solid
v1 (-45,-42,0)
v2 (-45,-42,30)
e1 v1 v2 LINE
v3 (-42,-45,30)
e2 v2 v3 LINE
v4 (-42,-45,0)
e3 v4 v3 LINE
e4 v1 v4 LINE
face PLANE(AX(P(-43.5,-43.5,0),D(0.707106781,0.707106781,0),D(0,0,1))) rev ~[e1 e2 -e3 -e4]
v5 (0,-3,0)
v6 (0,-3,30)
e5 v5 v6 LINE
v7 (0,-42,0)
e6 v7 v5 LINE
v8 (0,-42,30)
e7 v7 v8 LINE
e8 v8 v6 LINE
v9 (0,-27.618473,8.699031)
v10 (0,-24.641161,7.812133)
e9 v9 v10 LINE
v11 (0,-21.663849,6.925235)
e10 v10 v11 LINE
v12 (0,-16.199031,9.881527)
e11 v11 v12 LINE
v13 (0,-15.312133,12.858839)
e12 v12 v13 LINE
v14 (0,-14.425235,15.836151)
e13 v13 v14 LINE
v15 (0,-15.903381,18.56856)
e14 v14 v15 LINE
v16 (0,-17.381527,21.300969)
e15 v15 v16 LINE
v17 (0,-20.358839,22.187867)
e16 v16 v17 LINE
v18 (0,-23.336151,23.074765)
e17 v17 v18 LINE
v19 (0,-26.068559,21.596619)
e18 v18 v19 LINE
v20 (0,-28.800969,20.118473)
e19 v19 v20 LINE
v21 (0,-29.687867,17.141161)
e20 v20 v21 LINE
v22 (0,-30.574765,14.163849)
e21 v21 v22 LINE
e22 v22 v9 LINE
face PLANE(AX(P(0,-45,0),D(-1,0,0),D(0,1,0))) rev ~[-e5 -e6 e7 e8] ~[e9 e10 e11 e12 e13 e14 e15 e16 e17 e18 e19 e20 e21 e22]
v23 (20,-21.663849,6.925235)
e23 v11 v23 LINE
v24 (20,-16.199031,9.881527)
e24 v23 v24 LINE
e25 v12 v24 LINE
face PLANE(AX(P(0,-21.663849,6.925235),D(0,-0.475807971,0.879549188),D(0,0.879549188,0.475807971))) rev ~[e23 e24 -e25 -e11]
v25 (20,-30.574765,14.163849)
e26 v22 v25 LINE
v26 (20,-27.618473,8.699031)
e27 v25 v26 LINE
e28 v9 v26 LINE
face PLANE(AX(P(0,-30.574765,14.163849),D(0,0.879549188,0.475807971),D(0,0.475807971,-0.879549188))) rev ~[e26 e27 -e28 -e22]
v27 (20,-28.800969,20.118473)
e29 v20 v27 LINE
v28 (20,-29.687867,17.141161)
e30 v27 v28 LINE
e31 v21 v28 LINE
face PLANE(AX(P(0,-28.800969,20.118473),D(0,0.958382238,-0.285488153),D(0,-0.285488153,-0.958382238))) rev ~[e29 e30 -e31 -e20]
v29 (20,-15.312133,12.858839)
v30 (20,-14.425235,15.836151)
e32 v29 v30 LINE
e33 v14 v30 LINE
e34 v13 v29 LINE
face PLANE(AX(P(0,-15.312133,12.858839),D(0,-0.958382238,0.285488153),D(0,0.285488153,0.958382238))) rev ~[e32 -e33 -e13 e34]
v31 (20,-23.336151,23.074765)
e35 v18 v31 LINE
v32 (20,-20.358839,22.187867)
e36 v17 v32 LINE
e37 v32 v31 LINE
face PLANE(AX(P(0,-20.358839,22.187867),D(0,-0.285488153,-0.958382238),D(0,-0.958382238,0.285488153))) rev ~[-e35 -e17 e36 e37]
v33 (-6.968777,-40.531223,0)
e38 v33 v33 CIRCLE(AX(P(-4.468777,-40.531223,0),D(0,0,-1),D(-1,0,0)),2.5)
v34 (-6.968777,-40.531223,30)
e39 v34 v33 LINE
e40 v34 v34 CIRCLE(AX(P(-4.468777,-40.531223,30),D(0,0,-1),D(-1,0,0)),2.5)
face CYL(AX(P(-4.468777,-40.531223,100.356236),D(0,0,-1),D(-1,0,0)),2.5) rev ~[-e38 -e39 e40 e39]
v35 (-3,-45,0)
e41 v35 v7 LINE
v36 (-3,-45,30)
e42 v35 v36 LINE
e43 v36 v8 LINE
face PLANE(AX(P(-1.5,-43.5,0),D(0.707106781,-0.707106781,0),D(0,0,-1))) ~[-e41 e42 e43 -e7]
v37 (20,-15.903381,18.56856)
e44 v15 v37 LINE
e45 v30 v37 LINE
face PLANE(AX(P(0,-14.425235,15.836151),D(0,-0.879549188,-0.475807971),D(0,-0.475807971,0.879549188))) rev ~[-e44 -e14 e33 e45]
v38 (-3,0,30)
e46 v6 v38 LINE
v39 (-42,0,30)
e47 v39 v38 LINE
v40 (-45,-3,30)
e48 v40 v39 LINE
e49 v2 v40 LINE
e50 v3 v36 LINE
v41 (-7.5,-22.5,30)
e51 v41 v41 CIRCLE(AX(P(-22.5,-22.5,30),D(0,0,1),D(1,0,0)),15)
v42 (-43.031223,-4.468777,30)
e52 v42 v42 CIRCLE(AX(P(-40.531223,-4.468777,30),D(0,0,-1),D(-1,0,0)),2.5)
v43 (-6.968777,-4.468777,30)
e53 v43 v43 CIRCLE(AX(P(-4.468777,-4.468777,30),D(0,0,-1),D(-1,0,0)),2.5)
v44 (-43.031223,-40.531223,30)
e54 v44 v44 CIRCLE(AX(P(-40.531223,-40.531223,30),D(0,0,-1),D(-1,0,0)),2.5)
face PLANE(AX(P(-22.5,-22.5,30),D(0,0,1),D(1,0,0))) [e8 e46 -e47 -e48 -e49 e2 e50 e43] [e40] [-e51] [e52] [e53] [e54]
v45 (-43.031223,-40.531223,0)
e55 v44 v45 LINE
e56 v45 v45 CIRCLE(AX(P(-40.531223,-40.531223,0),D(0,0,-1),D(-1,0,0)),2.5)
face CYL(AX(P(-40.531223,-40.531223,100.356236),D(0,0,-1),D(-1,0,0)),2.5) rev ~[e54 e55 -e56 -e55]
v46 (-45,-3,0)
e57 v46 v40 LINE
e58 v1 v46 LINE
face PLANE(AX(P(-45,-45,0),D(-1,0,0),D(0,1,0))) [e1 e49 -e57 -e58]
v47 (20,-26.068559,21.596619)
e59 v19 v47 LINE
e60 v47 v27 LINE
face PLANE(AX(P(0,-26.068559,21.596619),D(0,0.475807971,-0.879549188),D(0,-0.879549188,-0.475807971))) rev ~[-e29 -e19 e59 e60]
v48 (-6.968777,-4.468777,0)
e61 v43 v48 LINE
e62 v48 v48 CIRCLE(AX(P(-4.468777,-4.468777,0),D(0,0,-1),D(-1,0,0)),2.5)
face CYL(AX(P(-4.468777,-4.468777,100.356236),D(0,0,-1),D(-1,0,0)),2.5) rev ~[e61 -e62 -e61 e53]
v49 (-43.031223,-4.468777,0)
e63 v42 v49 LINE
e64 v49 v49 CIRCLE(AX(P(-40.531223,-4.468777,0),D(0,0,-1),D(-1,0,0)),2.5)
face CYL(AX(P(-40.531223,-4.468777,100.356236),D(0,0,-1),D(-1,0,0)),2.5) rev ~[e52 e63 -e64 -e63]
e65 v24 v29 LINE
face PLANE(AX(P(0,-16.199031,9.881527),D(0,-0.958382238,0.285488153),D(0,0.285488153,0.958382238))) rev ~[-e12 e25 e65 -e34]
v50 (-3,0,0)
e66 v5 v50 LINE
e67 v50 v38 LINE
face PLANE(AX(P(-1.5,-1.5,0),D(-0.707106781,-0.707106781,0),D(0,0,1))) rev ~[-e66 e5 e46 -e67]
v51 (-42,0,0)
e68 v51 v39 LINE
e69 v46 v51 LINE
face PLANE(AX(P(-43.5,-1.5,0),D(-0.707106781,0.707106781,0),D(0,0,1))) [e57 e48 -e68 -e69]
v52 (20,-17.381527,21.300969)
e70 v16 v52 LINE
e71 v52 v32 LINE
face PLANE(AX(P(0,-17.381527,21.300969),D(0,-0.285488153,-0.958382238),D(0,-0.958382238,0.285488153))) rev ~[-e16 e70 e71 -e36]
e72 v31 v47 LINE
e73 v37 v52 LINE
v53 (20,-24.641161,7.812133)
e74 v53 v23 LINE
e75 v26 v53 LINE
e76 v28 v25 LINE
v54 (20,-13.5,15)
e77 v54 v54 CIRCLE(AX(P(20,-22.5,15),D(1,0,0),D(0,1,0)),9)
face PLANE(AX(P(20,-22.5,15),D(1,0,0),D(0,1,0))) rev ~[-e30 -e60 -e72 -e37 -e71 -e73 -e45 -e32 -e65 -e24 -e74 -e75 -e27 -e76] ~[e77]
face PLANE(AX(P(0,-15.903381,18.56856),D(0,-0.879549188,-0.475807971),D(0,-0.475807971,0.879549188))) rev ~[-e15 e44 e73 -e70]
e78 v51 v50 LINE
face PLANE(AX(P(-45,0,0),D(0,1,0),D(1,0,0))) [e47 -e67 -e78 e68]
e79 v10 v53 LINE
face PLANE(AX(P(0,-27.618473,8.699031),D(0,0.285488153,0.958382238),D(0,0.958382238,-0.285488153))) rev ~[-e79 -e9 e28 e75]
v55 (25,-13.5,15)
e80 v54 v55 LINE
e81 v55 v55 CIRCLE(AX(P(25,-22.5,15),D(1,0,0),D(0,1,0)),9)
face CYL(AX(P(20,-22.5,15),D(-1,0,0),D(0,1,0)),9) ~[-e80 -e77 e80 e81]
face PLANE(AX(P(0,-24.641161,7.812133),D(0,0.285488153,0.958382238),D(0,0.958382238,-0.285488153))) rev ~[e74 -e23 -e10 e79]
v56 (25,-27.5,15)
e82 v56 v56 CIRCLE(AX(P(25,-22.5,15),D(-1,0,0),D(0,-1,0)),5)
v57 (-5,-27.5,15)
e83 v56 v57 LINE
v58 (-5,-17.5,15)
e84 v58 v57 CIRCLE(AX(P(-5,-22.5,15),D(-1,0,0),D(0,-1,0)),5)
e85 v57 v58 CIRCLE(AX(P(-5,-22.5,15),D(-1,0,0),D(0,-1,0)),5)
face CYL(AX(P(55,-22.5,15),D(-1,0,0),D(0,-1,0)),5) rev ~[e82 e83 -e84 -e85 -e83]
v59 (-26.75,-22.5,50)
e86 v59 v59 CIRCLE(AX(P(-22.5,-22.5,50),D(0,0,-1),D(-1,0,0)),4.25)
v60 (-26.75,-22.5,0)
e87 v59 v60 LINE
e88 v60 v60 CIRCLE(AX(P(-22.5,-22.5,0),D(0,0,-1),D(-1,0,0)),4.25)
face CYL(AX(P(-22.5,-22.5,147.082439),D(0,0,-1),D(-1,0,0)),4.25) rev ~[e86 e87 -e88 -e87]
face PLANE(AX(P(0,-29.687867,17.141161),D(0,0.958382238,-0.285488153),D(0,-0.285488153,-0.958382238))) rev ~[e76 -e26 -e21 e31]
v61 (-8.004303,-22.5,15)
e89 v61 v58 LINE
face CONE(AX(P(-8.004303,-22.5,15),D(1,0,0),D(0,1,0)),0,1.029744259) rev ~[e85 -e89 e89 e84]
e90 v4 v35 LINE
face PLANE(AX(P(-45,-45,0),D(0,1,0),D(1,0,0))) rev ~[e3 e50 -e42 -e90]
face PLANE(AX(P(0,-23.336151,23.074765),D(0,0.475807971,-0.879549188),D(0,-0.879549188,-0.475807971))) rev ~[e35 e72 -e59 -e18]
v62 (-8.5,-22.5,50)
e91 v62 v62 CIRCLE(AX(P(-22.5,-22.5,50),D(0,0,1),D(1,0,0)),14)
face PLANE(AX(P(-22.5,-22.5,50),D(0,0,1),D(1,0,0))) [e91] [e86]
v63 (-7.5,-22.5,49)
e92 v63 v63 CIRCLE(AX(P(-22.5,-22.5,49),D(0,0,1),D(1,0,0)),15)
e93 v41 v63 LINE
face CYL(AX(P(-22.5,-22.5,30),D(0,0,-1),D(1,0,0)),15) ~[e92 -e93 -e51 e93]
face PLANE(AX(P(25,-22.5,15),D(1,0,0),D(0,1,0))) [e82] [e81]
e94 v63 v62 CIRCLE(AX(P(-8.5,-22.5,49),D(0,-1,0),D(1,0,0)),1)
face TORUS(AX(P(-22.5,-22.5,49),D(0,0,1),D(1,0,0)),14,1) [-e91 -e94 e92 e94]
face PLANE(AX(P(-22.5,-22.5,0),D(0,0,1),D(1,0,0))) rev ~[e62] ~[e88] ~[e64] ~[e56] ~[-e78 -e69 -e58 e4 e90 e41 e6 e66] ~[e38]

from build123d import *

# Parameters (mm, degrees)
F0_W      = 45
F0_H      = 45
F1_DEPTH  = 30
F2_SIZE   = 3
F4_D      = 5
F6_DEPTH  = 20
F7_R      = 9
F8_DEPTH  = 5
F10_D     = 10
F10_DEPTH = 30
F10_TIP   = 3.0043030951
F11_R     = 15
F12_DEPTH = 20
F13_R     = 1
F15_D     = 8.5


with BuildPart() as f1:
    # F0 (on Top) → F1 (new body)
    with BuildSketch(Plane.XY):
        with Locations((-22.5, -22.5)):
            Rectangle(F0_W, F0_H)
    extrude(amount=F1_DEPTH)

    # F2
    f2_edges = [f1.edges().sort_by_distance(p)[0] for p in [
        (-45, -45, 15),
        (0, -45, 15),
        (0, 0, 15),
        (-45, 0, 15),
    ]]
    chamfer(f2_edges, length=F2_SIZE)

    # F4 (through all)
    with Locations(Plane.XY.offset(30)):
        with Locations((-40.5312229203, -40.5312229203), (-40.5312229203, -4.4687770797), (-4.4687770797, -4.4687770797), (-4.4687770797, -40.5312229203)):
            Hole(F4_D / 2)

    # F5 (on face) → F6 (join)
    with BuildSketch(Plane.YZ):
        with BuildLine():
            ThreePointArc((-15.3121332332, 12.8588387864), (-15.0784435342, 13.9181036905), (-15, 15))
            ThreePointArc((-15, 15), (-15.2293520832, 16.8405648237), (-15.903381032, 18.5685596803))
            ThreePointArc((-15.903381032, 18.5685596803), (-17.7711474831, 20.8213360901), (-20.3588389028, 22.1878668015))
            ThreePointArc((-20.3588389028, 22.1878668015), (-23.2725024385, 22.4601099176), (-26.0685594955, 21.5966190679))
            ThreePointArc((-26.0685594955, 21.5966190679), (-28.3213359619, 19.7288526747), (-29.6878667454, 17.1411612856))
            ThreePointArc((-29.6878667454, 17.1411612856), (-29.9601099219, 14.2274976035), (-29.0966190145, 11.4314404058))
            ThreePointArc((-29.0966190145, 11.4314404058), (-27.2288526423, 9.1786640118), (-24.6411613131, 7.8121332628))
            ThreePointArc((-24.6411613131, 7.8121332628), (-21.7274976178, 7.5398900766), (-18.9314404058, 8.4033809855))
            ThreePointArc((-18.9314404058, 8.4033809855), (-16.6786639791, 10.271147398), (-15.3121332332, 12.8588387864))
        make_face()
        with BuildLine():
            ThreePointArc((-15.903381032, 18.5685596803), (-15.2293520832, 16.8405648237), (-15, 15))
            ThreePointArc((-15, 15), (-15.0784435342, 13.9181036905), (-15.3121332332, 12.8588387864))
            Line((-15.3121332332, 12.8588387864), (-14.4252352272, 15.8361507619))
            Line((-14.4252352272, 15.8361507619), (-15.903381032, 18.5685596803))
        make_face()
        with BuildLine():
            ThreePointArc((-20.3588389028, 22.1878668015), (-17.7711474831, 20.8213360901), (-15.903381032, 18.5685596803))
            Line((-15.903381032, 18.5685596803), (-17.3815269465, 21.3009688012))
            Line((-17.3815269465, 21.3009688012), (-20.3588389028, 22.1878668015))
        make_face()
        with BuildLine():
            Line((-16.1990311988, 9.8815269465), (-15.3121332332, 12.8588387864))
            ThreePointArc((-15.3121332332, 12.8588387864), (-16.6786639791, 10.271147398), (-18.9314404058, 8.4033809855))
            Line((-18.9314404058, 8.4033809855), (-16.1990311988, 9.8815269465))
        make_face()
        with BuildLine():
            ThreePointArc((-26.0685594955, 21.5966190679), (-23.2725024385, 22.4601099176), (-20.3588389028, 22.1878668015))
            Line((-20.3588389028, 22.1878668015), (-23.3361507619, 23.0747647728))
            Line((-23.3361507619, 23.0747647728), (-26.0685594955, 21.5966190679))
        make_face()
        with BuildLine():
            Line((-21.6638492381, 6.9252352272), (-18.9314404058, 8.4033809855))
            ThreePointArc((-18.9314404058, 8.4033809855), (-21.7274976178, 7.5398900766), (-24.6411613131, 7.8121332628))
            Line((-24.6411613131, 7.8121332628), (-21.6638492381, 6.9252352272))
        make_face()
        with BuildLine():
            ThreePointArc((-29.6878667454, 17.1411612856), (-28.3213359619, 19.7288526747), (-26.0685594955, 21.5966190679))
            Line((-26.0685594955, 21.5966190679), (-28.8009688012, 20.1184730535))
            Line((-28.8009688012, 20.1184730535), (-29.6878667454, 17.1411612856))
        make_face()
        with BuildLine():
            Line((-27.6184730535, 8.6990311988), (-24.6411613131, 7.8121332628))
            ThreePointArc((-24.6411613131, 7.8121332628), (-27.2288526423, 9.1786640118), (-29.0966190145, 11.4314404058))
            Line((-29.0966190145, 11.4314404058), (-27.6184730535, 8.6990311988))
        make_face()
        with BuildLine():
            ThreePointArc((-29.0966190145, 11.4314404058), (-29.9601099219, 14.2274976035), (-29.6878667454, 17.1411612856))
            Line((-29.6878667454, 17.1411612856), (-30.5747647728, 14.1638492381))
            Line((-30.5747647728, 14.1638492381), (-29.0966190145, 11.4314404058))
        make_face()
    extrude(amount=F6_DEPTH)

    # F7 (on face) → F8 (join)
    with BuildSketch(Plane.YZ.offset(20)):
        with Locations((-22.5, 15)):
            Circle(F7_R)
        Polygon((-29.687866787, 17.1411611458), (-22.5, 15), (-24.6411611458, 7.812133213), align=None, mode=Mode.SUBTRACT)
        Polygon((-24.6411611458, 7.812133213), (-22.5, 15), (-29.687866787, 17.1411611458), align=None)
    extrude(amount=F8_DEPTH)

    # F10
    with Locations(Plane.YZ.offset(25)):
        with Locations((-22.5, 15)):
            Hole(F10_D / 2, depth=F10_DEPTH)
            with Locations((0, 0, -(F10_DEPTH + F10_TIP / 2))):  # 118° drill point
                Cone(0, F10_D / 2, F10_TIP, mode=Mode.SUBTRACT)

    # F11 (on face) → F12 (join)
    with BuildSketch(Plane.XY.offset(30)):
        with Locations((-22.5, -22.5)):
            Circle(F11_R)
    extrude(amount=F12_DEPTH)

    # F13
    f13_edges = [f1.edges().sort_by_distance(p)[0] for p in [
        (-37.5, -22.5, 50),
    ]]
    fillet(f13_edges, radius=F13_R)

    # F15 (through all)
    with Locations(Plane.XY.offset(50)):
        with Locations((-22.5, -22.5)):
            Hole(F15_D / 2)


solid = f1.part
